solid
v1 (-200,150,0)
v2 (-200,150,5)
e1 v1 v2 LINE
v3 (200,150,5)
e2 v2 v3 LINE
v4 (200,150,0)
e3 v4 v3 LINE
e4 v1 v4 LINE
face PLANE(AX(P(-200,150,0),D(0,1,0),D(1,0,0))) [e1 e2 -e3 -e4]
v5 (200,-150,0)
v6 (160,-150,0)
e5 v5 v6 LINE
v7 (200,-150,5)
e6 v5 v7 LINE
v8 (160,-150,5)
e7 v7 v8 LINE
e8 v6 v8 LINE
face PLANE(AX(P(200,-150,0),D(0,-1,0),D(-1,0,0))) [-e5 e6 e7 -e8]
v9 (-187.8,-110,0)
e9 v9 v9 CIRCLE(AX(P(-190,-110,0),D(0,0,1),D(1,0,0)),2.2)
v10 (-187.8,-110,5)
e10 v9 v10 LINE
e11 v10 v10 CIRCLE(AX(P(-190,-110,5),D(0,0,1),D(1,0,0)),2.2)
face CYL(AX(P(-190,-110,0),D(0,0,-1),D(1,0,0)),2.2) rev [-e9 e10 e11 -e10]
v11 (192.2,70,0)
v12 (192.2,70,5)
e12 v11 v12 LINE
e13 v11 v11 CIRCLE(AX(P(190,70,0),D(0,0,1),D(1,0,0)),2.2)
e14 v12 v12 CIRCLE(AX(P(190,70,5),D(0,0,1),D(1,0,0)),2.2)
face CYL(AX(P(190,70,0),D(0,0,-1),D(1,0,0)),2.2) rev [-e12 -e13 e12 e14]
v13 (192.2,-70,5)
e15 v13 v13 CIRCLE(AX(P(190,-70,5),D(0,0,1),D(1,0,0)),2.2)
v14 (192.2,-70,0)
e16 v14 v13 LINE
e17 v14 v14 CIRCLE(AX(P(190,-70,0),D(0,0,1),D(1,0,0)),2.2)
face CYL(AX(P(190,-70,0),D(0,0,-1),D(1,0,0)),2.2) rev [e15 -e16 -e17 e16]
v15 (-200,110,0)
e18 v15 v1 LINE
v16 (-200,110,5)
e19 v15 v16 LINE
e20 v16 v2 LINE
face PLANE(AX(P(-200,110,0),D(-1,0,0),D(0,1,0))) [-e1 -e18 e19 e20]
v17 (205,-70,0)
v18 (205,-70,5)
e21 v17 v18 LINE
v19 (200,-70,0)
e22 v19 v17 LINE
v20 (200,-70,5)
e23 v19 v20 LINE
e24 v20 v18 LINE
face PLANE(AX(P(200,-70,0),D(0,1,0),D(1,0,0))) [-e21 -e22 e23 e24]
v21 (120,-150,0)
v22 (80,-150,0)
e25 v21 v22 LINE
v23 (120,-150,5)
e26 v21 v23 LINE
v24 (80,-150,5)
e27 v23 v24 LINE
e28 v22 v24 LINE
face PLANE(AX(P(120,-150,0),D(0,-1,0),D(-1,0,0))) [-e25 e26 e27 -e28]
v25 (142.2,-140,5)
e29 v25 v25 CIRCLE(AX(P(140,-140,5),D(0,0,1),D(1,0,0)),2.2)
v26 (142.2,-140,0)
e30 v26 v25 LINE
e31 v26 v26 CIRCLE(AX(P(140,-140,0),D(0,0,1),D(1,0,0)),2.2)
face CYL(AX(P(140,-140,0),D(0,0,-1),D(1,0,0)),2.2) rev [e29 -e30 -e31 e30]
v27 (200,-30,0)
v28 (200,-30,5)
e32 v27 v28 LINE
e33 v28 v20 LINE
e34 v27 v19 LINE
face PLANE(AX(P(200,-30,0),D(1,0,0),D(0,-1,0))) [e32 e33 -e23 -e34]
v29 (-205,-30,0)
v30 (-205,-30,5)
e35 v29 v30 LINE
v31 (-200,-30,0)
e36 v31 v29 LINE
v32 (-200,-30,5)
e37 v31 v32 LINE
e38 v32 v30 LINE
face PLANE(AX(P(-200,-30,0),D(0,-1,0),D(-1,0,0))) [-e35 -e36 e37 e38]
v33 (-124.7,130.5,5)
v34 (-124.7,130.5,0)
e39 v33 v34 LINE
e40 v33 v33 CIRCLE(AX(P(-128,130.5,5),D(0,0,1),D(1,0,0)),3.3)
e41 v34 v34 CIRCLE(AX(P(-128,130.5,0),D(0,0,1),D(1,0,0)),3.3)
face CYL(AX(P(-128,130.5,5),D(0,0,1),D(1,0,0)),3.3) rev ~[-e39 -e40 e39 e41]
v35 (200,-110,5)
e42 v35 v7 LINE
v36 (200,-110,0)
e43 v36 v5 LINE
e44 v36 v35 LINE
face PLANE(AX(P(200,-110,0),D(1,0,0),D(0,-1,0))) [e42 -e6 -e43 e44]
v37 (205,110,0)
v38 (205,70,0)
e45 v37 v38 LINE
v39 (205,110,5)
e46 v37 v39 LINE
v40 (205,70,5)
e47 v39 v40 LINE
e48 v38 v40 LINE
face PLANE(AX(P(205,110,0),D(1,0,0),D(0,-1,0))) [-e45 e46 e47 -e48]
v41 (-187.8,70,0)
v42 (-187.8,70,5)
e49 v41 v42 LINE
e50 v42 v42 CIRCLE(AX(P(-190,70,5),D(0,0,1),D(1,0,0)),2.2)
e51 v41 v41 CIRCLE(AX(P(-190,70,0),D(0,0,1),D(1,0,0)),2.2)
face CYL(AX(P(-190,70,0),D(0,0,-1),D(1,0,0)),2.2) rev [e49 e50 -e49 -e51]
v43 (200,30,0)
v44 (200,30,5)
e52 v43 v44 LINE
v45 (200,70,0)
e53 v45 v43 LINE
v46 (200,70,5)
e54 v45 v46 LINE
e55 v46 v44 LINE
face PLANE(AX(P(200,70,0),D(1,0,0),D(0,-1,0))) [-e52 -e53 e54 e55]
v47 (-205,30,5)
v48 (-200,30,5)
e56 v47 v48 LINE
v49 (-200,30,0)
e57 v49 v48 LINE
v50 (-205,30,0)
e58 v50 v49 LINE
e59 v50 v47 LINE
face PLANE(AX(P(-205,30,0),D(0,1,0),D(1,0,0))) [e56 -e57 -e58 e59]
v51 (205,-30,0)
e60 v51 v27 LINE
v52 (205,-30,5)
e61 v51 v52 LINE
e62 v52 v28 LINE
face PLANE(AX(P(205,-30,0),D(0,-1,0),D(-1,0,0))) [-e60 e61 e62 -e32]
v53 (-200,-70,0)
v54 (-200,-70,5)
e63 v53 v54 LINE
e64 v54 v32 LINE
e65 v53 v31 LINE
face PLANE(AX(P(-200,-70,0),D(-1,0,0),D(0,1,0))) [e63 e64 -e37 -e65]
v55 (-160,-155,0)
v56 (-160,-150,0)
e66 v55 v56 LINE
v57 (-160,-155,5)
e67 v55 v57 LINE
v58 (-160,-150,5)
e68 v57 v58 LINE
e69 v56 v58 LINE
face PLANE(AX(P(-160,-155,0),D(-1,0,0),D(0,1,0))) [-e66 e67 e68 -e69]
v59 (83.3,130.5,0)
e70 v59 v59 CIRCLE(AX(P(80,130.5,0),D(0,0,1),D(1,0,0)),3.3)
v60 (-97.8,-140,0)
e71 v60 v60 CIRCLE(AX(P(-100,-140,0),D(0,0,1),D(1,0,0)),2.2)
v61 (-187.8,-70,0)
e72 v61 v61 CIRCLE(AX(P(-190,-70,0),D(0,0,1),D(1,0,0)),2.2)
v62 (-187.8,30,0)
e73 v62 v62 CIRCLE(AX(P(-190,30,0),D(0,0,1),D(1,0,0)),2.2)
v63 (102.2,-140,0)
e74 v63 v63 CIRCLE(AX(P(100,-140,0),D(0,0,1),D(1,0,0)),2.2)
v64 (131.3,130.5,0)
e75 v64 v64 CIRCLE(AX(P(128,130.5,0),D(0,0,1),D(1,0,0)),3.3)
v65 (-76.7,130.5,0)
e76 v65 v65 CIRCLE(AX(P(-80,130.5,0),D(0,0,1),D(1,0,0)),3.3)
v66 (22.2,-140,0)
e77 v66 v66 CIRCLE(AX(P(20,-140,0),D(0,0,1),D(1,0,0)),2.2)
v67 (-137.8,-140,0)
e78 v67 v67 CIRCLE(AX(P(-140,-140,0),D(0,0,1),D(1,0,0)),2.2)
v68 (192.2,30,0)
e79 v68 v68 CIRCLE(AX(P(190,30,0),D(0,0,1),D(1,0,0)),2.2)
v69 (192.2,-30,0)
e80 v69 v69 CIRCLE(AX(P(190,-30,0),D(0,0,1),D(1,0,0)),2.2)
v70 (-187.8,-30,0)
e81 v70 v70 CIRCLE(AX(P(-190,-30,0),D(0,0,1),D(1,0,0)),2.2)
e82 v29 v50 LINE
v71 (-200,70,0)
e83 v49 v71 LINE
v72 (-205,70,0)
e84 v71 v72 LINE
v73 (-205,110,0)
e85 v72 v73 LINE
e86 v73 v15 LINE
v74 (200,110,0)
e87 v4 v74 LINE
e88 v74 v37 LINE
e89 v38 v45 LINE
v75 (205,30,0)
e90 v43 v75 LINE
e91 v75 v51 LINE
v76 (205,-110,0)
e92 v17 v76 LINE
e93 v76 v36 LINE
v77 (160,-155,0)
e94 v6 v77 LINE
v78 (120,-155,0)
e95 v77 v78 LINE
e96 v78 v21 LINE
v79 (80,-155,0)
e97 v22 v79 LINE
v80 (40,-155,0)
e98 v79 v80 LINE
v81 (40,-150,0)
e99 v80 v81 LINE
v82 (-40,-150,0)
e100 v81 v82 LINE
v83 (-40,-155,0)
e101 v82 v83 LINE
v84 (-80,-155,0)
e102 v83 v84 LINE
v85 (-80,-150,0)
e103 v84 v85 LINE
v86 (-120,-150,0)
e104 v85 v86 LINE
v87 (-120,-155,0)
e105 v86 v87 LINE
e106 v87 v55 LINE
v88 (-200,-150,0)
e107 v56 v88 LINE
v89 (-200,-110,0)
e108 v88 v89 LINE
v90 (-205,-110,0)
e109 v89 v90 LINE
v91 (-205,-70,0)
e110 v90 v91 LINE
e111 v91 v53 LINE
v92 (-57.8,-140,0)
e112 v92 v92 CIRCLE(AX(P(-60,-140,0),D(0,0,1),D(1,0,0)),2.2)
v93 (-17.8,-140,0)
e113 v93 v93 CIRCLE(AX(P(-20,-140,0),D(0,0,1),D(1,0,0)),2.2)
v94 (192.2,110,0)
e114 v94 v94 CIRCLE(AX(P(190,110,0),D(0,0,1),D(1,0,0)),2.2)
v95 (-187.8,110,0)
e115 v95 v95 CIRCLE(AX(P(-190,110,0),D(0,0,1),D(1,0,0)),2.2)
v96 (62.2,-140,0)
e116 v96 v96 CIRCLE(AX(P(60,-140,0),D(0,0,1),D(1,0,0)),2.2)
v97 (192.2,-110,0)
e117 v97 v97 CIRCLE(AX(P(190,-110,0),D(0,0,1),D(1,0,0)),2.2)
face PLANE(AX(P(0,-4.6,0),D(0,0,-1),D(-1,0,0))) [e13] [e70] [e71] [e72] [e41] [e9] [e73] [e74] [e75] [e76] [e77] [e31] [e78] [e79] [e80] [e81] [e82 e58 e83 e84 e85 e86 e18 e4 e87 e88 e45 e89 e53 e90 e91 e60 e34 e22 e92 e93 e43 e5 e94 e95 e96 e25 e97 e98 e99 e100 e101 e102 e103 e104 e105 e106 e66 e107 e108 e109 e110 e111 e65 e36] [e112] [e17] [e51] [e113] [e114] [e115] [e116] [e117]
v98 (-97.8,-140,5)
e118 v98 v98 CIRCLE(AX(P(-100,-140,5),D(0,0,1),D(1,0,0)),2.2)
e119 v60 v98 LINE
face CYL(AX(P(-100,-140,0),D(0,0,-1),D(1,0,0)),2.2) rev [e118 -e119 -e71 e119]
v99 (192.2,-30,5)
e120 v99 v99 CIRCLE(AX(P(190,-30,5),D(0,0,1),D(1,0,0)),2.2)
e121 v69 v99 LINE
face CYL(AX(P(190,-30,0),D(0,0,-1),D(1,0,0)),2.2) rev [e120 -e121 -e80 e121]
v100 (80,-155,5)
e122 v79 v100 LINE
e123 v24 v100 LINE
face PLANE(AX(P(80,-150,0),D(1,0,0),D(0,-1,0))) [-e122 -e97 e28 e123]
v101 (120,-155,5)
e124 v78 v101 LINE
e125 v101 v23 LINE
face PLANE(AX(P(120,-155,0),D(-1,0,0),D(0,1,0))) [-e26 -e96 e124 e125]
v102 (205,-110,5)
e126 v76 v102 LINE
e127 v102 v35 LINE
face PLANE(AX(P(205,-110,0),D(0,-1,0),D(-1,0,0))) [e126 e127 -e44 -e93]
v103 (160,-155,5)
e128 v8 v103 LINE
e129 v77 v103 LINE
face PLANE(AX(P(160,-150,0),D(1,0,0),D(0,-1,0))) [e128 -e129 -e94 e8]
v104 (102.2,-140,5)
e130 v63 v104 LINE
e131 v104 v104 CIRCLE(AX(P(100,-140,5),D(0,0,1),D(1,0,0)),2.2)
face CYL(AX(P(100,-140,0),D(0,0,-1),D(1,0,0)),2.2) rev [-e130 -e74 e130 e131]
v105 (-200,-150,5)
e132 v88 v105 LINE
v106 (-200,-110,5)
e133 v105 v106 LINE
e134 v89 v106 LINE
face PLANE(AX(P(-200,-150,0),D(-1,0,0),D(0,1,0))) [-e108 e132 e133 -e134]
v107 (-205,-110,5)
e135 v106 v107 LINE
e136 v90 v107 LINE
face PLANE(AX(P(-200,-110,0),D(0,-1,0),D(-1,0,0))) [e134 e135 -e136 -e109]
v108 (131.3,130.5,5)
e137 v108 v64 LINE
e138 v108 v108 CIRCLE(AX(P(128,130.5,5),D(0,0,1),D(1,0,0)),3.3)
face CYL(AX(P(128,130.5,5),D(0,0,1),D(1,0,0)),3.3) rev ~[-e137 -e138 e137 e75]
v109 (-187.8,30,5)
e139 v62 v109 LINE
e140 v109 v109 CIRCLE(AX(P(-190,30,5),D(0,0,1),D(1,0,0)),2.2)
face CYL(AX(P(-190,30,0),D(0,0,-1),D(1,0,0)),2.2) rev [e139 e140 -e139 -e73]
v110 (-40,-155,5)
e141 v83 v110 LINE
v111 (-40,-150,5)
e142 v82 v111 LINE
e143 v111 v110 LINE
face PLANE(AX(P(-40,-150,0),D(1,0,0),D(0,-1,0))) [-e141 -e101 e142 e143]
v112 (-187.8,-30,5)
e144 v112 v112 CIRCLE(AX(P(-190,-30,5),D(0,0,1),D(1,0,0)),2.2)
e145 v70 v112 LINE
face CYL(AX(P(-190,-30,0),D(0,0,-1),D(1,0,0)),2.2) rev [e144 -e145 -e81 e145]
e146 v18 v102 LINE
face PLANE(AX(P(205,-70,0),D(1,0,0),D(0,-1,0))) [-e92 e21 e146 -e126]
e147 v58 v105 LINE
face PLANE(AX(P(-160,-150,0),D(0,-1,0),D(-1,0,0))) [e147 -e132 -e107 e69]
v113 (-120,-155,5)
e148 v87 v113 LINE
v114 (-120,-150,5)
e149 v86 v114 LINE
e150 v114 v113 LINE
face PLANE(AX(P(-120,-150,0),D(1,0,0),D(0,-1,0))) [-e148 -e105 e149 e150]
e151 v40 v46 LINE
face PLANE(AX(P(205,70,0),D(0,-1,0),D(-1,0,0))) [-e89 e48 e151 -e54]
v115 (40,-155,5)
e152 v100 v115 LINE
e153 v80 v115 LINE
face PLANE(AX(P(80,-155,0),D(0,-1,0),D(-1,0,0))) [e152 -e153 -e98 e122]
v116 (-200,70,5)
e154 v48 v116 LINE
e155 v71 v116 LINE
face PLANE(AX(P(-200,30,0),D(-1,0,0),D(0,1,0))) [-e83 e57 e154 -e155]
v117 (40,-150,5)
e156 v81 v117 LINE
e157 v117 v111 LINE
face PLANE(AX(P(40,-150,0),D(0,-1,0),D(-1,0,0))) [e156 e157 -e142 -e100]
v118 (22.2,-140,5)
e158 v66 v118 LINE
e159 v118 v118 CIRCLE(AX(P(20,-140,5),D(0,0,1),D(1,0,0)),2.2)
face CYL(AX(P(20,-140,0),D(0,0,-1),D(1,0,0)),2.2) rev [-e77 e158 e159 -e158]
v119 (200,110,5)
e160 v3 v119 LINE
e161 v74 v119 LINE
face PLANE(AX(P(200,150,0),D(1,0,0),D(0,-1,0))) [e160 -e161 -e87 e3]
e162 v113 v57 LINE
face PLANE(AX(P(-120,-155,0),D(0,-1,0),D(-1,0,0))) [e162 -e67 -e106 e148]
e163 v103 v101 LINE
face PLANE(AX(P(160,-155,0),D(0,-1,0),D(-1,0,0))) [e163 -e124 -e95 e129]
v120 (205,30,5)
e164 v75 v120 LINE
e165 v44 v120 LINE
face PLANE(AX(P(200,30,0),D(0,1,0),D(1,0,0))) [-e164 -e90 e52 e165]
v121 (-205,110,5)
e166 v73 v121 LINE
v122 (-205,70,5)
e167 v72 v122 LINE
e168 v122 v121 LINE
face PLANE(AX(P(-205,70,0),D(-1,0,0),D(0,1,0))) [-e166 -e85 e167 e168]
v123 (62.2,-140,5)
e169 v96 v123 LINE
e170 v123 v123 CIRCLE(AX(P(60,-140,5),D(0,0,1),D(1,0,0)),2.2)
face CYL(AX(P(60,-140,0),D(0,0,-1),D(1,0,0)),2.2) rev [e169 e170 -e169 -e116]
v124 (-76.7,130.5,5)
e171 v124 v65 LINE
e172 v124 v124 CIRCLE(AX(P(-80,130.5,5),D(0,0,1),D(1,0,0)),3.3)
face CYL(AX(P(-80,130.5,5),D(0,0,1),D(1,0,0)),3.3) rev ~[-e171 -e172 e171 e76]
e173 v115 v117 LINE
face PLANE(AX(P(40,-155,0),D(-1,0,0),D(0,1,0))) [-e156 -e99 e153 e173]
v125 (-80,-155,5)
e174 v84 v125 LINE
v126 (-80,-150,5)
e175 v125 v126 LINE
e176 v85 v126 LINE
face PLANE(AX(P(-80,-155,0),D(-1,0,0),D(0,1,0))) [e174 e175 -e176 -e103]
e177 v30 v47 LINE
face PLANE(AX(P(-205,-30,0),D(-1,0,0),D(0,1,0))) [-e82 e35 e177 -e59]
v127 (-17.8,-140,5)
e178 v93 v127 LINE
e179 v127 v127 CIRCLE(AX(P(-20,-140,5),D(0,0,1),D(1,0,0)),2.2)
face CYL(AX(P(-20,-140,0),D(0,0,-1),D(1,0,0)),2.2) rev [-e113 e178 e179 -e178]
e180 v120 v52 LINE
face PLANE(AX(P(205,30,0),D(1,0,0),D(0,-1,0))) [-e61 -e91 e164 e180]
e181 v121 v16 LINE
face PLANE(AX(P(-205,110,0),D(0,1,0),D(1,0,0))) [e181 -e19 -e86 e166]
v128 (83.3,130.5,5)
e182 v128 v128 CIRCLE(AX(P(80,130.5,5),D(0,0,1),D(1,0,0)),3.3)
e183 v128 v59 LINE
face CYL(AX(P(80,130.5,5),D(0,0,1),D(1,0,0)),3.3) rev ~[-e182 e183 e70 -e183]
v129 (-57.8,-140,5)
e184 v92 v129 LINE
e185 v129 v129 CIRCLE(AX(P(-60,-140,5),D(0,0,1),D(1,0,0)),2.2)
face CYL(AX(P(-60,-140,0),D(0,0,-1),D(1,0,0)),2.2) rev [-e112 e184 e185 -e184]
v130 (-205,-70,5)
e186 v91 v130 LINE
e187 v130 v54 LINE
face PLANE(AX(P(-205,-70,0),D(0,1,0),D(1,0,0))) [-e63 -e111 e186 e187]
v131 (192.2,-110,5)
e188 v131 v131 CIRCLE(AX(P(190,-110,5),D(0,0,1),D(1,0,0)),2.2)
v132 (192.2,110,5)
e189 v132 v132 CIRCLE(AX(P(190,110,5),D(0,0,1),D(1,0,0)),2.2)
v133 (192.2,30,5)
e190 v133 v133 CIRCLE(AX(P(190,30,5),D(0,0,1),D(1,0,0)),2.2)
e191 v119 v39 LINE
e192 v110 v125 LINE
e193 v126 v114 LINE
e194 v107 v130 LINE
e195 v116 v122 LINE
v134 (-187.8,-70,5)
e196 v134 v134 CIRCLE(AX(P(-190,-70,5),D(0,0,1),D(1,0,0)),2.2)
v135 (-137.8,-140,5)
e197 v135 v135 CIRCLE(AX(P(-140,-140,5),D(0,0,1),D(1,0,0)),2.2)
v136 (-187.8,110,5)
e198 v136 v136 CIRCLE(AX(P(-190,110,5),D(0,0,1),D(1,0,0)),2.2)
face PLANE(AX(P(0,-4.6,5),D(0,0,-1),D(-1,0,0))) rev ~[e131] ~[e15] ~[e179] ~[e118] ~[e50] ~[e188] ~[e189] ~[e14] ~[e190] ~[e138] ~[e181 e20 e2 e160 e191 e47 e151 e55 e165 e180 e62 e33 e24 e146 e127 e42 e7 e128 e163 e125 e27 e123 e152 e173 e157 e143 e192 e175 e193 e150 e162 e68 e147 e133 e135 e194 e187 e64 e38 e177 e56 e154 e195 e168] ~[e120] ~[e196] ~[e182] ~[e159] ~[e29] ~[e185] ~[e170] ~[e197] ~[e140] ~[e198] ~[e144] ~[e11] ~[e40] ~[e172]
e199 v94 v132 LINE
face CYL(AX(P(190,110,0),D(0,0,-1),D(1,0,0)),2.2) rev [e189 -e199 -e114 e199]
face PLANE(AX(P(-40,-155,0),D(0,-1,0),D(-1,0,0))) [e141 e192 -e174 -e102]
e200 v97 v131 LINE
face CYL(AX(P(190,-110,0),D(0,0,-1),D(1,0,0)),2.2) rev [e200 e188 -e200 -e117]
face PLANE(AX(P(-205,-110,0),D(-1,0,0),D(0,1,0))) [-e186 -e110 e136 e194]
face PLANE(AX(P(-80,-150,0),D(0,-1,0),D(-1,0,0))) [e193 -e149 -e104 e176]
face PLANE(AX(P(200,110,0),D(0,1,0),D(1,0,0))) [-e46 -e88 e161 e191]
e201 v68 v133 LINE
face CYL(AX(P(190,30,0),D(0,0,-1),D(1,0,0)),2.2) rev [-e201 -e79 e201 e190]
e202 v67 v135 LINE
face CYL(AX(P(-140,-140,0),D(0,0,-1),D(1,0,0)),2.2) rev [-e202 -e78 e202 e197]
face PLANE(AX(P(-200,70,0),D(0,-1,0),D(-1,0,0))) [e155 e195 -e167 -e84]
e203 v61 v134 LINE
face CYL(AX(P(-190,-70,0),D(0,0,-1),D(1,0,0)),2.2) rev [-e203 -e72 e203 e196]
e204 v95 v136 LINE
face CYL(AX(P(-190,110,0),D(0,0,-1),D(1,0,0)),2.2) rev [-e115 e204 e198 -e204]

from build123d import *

# Parameters (mm, degrees)
SKETCH_1_R          = 2.2
EXTRUDE_1_DEPTH     = 5
SKETCH_2_R          = 3.3
CUT_EXTRUDE_1_DEPTH = 10


with BuildPart() as part:
    # 草图1 → 凸台-拉伸1 (new body)
    with BuildSketch(Plane.XY):
        Polygon((-200, 150), (200, 150), (200, 110), (205, 110), (205, 70), (200, 70), (200, 30), (205, 30), (205, -30), (200, -30), (200, -70), (205, -70), (205, -110), (200, -110), (200, -150), (160, -150), (160, -155), (120, -155), (120, -150), (80, -150), (80, -155), (40, -155), (40, -150), (-40, -150), (-40, -155), (-80, -155), (-80, -150), (-120, -150), (-120, -155), (-160, -155), (-160, -150), (-200, -150), (-200, -110), (-205, -110), (-205, -70), (-200, -70), (-200, -30), (-205, -30), (-205, 30), (-200, 30), (-200, 70), (-205, 70), (-205, 110), (-200, 110), align=None)
        with Locations((-140, -140)):
            Circle(SKETCH_1_R, mode=Mode.SUBTRACT)
        with Locations((-100, -140)):
            Circle(SKETCH_1_R, mode=Mode.SUBTRACT)
        with Locations((-60, -140)):
            Circle(SKETCH_1_R, mode=Mode.SUBTRACT)
        with Locations((-20, -140)):
            Circle(SKETCH_1_R, mode=Mode.SUBTRACT)
        with Locations((20, -140)):
            Circle(SKETCH_1_R, mode=Mode.SUBTRACT)
        with Locations((60, -140)):
            Circle(SKETCH_1_R, mode=Mode.SUBTRACT)
        with Locations((100, -140)):
            Circle(SKETCH_1_R, mode=Mode.SUBTRACT)
        with Locations((140, -140)):
            Circle(SKETCH_1_R, mode=Mode.SUBTRACT)
        with Locations((-190, 110)):
            Circle(SKETCH_1_R, mode=Mode.SUBTRACT)
        with Locations((-190, 70)):
            Circle(SKETCH_1_R, mode=Mode.SUBTRACT)
        with Locations((-190, 30)):
            Circle(SKETCH_1_R, mode=Mode.SUBTRACT)
        with Locations((-190, -30)):
            Circle(SKETCH_1_R, mode=Mode.SUBTRACT)
        with Locations((-190, -70)):
            Circle(SKETCH_1_R, mode=Mode.SUBTRACT)
        with Locations((-190, -110)):
            Circle(SKETCH_1_R, mode=Mode.SUBTRACT)
        with Locations((190, -110)):
            Circle(SKETCH_1_R, mode=Mode.SUBTRACT)
        with Locations((190, -70)):
            Circle(SKETCH_1_R, mode=Mode.SUBTRACT)
        with Locations((190, -30)):
            Circle(SKETCH_1_R, mode=Mode.SUBTRACT)
        with Locations((190, 30)):
            Circle(SKETCH_1_R, mode=Mode.SUBTRACT)
        with Locations((190, 70)):
            Circle(SKETCH_1_R, mode=Mode.SUBTRACT)
        with Locations((190, 110)):
            Circle(SKETCH_1_R, mode=Mode.SUBTRACT)
    extrude(amount=EXTRUDE_1_DEPTH)

    # 草图2 → 切除-拉伸1 (cut)
    with BuildSketch(Plane.XY.offset(5)):
        with Locations((-80, 130.5)):
            Circle(SKETCH_2_R)
        with Locations((-128, 130.5)):
            Circle(SKETCH_2_R)
        with Locations((128, 130.5)):
            Circle(SKETCH_2_R)
        with Locations((80, 130.5)):
            Circle(SKETCH_2_R)
    extrude(amount=-CUT_EXTRUDE_1_DEPTH, mode=Mode.SUBTRACT)


solid = part.part
